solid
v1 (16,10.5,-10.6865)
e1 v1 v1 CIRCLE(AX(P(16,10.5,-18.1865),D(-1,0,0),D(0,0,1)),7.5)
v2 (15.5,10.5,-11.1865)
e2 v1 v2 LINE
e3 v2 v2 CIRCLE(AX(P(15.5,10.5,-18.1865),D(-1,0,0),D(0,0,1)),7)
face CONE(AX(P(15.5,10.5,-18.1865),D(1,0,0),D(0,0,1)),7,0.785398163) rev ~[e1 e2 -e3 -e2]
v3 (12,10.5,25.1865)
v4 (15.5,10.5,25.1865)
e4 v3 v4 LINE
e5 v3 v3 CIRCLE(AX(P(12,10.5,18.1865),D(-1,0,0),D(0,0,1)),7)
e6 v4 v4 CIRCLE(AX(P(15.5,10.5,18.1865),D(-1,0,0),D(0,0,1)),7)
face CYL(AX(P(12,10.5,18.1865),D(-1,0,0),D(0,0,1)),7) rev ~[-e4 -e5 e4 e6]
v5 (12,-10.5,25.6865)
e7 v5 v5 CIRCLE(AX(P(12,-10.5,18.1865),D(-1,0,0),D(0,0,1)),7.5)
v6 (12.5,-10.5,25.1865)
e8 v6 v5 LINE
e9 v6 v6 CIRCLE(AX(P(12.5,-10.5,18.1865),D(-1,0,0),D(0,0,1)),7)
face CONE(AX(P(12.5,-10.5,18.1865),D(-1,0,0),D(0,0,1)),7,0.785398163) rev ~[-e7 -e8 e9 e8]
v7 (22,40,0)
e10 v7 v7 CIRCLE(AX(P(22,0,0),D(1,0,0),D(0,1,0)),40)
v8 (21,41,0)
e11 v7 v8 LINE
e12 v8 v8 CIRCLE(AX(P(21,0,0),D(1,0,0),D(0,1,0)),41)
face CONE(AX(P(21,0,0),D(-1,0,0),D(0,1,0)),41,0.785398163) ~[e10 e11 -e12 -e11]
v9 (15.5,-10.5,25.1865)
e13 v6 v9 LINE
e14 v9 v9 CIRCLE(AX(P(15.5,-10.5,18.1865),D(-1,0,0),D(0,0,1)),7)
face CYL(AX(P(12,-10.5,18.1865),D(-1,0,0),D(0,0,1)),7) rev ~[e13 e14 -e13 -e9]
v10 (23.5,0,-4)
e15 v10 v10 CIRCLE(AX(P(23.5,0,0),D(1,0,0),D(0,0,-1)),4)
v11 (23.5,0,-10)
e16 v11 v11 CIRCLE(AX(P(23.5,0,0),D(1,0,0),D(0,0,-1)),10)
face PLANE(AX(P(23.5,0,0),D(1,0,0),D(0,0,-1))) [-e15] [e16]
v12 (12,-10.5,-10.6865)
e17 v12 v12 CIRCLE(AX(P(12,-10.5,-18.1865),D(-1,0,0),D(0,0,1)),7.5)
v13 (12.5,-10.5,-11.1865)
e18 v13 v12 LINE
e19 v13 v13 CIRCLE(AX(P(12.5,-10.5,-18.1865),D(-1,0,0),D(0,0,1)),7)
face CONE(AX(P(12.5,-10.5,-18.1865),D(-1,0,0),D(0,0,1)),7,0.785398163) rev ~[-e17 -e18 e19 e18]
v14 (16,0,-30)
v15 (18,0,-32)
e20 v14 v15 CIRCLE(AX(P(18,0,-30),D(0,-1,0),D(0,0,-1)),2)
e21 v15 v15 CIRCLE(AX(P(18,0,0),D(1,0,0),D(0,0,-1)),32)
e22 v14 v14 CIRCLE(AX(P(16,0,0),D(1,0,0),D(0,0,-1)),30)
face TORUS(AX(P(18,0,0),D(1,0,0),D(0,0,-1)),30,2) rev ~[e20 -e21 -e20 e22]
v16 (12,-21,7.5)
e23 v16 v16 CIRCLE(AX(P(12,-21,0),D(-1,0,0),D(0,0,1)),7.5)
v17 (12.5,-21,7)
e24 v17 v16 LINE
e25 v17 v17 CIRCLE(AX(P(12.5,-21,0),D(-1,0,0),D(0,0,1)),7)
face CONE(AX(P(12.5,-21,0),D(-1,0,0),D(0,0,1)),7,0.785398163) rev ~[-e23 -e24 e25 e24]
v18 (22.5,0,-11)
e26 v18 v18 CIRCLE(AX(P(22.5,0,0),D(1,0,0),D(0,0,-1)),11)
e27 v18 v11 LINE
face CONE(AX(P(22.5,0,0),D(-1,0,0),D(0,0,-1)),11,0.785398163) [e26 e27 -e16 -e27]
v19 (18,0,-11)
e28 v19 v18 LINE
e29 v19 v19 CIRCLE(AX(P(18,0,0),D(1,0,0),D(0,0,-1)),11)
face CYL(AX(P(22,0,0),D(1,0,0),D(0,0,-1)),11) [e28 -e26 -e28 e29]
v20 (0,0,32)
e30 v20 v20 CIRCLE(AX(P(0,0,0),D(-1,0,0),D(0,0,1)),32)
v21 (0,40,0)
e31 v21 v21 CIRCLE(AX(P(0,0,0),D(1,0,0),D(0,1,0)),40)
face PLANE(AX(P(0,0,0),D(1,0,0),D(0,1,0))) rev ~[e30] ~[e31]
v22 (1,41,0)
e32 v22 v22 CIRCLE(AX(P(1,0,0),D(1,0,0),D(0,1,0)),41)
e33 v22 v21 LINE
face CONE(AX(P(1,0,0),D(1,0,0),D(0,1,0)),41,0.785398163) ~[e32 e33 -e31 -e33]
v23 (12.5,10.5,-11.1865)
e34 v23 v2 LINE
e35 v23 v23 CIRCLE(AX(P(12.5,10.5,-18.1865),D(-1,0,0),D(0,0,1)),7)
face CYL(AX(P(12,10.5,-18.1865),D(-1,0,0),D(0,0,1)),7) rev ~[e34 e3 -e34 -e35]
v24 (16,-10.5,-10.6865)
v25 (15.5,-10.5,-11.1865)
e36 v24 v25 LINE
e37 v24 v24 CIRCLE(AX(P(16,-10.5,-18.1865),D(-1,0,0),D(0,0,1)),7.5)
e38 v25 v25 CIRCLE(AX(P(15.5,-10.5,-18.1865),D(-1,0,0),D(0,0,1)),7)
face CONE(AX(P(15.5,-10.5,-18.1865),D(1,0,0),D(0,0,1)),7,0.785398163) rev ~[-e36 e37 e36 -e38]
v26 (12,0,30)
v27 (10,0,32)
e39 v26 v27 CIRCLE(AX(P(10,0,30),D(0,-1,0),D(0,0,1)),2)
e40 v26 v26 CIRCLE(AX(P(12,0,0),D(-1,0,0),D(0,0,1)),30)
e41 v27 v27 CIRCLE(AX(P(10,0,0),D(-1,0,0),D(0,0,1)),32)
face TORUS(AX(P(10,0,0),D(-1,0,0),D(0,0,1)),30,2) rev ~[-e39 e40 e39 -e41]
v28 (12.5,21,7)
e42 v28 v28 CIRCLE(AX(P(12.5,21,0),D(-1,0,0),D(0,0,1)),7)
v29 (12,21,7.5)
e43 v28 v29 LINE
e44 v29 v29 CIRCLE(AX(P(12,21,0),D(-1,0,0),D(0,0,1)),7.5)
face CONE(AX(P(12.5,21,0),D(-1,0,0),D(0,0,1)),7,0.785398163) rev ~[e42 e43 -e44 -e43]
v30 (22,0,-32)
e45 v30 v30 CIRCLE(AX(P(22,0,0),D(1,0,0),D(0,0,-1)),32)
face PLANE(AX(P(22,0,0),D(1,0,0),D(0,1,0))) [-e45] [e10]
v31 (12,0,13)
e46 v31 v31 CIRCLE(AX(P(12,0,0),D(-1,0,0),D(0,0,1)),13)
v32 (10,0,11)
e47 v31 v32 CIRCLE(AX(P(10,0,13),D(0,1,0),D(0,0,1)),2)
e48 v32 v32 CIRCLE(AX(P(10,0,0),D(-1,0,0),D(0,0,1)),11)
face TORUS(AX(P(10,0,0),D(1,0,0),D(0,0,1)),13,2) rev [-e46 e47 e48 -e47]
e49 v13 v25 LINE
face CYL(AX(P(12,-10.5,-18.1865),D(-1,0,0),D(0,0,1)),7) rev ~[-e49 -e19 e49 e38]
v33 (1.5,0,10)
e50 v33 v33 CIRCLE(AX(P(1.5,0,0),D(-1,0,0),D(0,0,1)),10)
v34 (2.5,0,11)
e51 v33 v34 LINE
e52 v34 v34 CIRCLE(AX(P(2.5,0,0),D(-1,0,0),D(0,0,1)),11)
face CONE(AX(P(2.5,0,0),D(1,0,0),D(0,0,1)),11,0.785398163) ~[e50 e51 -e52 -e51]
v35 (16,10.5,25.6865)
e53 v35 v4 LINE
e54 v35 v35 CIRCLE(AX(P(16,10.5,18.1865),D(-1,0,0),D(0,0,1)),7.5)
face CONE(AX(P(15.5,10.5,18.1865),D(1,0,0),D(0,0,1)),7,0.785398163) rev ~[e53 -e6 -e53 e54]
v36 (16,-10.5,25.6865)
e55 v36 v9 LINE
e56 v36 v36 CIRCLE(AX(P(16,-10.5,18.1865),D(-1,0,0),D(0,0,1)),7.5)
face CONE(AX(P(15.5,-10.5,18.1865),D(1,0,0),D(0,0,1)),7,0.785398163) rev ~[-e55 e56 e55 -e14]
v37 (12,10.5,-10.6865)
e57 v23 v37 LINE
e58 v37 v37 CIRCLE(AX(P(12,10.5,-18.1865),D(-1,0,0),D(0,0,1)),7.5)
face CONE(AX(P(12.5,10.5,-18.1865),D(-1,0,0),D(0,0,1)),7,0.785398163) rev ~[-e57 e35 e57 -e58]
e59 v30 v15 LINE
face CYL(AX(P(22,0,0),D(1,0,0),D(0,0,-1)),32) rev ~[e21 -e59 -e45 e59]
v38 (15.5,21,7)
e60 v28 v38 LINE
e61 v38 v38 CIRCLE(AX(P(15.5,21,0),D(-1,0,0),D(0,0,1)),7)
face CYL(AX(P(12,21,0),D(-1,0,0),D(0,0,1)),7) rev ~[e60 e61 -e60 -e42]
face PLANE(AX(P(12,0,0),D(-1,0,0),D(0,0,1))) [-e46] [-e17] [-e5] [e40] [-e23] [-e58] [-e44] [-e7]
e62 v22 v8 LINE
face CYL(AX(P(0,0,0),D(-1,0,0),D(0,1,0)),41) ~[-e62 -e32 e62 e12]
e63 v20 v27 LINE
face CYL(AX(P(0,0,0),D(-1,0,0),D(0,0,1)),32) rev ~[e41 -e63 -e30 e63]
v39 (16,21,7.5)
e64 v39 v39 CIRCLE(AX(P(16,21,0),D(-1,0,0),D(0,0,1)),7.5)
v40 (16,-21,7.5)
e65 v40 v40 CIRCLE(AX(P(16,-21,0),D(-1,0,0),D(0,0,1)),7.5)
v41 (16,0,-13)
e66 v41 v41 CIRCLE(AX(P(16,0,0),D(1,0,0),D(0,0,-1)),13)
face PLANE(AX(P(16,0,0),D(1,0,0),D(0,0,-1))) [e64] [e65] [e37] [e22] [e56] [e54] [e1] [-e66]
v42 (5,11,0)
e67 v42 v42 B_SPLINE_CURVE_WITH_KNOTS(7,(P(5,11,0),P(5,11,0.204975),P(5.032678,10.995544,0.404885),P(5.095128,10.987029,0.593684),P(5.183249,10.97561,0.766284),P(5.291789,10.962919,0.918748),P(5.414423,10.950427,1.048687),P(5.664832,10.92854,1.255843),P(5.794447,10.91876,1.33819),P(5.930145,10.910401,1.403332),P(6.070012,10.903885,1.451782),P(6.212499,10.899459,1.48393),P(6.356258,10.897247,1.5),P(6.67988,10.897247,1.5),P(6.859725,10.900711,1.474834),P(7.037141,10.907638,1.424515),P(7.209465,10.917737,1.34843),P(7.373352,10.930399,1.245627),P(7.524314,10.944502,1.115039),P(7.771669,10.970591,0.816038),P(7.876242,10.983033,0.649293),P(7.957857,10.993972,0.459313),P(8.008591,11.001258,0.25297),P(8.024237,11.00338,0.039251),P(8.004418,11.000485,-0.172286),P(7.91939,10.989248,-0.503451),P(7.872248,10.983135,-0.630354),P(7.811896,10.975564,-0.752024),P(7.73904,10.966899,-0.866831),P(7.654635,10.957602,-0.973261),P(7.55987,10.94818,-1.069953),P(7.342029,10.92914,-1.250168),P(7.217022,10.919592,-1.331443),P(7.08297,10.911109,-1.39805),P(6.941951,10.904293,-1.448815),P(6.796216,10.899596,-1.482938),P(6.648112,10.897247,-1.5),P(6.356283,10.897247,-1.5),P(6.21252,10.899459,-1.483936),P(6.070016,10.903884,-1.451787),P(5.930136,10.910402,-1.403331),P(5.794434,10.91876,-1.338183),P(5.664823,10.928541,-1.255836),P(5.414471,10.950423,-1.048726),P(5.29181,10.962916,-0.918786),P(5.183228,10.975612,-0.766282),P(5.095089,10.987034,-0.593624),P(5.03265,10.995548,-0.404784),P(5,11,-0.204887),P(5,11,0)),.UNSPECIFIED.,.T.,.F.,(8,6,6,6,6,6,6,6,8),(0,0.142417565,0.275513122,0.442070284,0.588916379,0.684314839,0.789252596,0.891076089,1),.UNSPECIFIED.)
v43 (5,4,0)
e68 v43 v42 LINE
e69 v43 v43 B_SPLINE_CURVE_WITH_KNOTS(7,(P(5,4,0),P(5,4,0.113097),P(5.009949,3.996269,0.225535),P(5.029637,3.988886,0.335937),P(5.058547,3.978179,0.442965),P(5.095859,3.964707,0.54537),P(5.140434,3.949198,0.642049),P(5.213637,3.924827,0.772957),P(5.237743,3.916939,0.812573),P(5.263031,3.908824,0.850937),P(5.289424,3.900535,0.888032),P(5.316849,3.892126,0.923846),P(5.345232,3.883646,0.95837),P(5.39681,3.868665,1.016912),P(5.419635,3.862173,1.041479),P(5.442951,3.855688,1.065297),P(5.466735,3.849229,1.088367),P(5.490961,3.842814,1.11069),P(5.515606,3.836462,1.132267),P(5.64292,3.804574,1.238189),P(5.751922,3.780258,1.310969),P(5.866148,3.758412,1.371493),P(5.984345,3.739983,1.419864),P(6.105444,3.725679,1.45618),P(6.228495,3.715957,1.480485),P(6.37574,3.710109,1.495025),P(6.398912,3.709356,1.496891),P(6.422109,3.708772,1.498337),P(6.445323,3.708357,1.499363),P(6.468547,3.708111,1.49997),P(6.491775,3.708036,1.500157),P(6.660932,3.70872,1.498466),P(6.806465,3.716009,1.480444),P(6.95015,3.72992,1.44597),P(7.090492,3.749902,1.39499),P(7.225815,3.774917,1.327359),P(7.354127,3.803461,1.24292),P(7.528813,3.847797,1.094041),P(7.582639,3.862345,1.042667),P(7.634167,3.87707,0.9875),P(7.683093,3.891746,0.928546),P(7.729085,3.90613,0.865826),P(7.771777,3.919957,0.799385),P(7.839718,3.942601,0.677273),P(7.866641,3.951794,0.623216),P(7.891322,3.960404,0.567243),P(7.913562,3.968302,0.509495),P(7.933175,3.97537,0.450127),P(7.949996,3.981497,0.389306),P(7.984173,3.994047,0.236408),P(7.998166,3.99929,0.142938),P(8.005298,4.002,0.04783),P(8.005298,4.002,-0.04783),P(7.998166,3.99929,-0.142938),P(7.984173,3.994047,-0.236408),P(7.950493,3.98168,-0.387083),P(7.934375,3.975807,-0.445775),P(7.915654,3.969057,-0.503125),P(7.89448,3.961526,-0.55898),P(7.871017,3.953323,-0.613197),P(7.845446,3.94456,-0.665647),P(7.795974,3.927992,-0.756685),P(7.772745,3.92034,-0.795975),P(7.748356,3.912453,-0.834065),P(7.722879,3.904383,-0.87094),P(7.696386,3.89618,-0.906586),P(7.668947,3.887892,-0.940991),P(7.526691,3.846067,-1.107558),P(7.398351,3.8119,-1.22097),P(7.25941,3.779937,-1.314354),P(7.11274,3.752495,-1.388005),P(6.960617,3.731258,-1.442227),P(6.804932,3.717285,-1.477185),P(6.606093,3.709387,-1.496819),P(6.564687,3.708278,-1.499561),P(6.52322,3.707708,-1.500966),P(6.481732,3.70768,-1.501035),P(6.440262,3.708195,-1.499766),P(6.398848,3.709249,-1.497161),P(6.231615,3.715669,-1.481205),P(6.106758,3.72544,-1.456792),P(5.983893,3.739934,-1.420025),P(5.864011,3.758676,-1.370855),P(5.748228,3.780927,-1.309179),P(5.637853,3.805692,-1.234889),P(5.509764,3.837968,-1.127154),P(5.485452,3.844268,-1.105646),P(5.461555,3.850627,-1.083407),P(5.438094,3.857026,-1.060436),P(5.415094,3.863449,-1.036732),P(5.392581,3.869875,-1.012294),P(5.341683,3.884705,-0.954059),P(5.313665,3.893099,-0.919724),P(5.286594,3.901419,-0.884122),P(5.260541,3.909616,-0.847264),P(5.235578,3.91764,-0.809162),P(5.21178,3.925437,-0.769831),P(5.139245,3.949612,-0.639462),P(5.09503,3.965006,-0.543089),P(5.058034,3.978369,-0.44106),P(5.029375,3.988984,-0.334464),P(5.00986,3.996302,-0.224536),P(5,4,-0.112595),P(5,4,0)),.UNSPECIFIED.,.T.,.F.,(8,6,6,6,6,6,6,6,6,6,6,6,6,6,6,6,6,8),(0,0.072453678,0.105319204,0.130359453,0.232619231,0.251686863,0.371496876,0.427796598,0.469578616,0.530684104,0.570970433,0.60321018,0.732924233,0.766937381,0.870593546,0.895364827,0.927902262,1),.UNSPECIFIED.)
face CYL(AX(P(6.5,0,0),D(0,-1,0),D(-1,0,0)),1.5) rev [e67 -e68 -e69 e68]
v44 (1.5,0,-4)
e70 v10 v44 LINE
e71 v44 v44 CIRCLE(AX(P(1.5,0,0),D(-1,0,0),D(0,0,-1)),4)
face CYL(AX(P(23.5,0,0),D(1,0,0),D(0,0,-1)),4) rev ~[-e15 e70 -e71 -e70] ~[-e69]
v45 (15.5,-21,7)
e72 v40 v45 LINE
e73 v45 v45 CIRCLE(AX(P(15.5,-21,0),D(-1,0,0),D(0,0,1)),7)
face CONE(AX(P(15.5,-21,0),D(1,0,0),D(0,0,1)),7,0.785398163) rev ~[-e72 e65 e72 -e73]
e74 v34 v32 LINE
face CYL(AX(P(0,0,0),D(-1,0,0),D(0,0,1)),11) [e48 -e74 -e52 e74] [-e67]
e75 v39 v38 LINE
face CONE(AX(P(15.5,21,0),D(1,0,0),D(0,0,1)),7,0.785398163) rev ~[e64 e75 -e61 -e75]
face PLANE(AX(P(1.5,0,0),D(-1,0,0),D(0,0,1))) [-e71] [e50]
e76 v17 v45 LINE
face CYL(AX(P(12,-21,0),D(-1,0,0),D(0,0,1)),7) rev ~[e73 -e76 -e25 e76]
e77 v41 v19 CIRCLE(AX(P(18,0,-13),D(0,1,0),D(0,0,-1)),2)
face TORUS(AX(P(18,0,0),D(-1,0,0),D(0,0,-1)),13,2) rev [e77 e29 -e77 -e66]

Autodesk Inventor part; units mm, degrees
ref_plane "YZ Plane" through (0, 0, 0) normal (1, 0, 0) x (0, 1, 0)
ref_plane "XZ Plane" through (0, 0, 0) normal (0, 1, 0) x (-1, 0, 0)
ref_plane "XY Plane" through (0, 0, 0) normal (0, 0, 1) x (1, 0, 0)
sketch "Sketch1" plane through (0, 0, 0) normal (1, 0, 0) x (0, 1, 0)
  circle A0 centre (0, 0) radius 41
  dimension "d0" = 82
extrude "Extrusion1" add sketch "Sketch1" along normal blind 22
sketch "Sketch2" plane through (22, 0, 0) normal (1, 0, 0) x (0, 0, -1)
  circle A0 centre (0, 0) radius 11
  circle A1 centre (0, 0) radius 32
  dimension "d3" = 22
  dimension "d4" = 64
extrude "Extrusion2" cut sketch "Sketch2" against normal blind 6
sketch "Sketch3" plane through (22, 0, 0) normal (1, 0, 0) x (0, 0, -1)
  circle A0 centre (0, 0) radius 11
  dimension "d7" = 22
extrude "Extrusion3" add sketch "Sketch3" along normal blind 1.5
sketch "Sketch4" plane through (23.5, 0, 0) normal (1, 0, 0) x (0, 0, -1)
  circle A0 centre (0, 0) radius 4
  dimension "d10" = 8
extrude "Extrusion4" cut sketch "Sketch4" against normal blind 23.5
sketch "Sketch5" plane through (0, 0, 0) normal (-1, 0, 0) x (0, 0, 1)
  circle A0 centre (0, 0) radius 11
  circle A1 centre (0, 0) radius 4
  dimension "d13" = 22
  dimension "d14" = 8
extrude "Extrusion5" cut sketch "Sketch5" against normal blind 1.5
sketch "Sketch6" plane through (0, 0, 0) normal (-1, 0, 0) x (0, 0, 1)
  circle A0 centre (0, 0) radius 11
  circle A1 centre (0, 0) radius 32
  dimension "d17" = 64
  dimension "d18" = 22
extrude "Extrusion6" cut sketch "Sketch6" against normal blind 12
chamfer "Chamfer1" distance 1 angle 45 4 edges at (22, -41, 0) (0, -41, 0) (23.5, 0, 11) (1.5, 0, -11)
sketch "Sketch7" plane through (12, 0, 0) normal (-1, 0, 0) x (0, 0, 1)
  circle A0 centre (0, 0) radius 21 construction
  circle A1 centre (0, 21) radius 7
  circle A2 centre (-18.1865, 10.5) radius 7
  circle A3 centre (-18.1865, -10.5) radius 7
  circle A4 centre (0, -21) radius 7
  circle A5 centre (18.1865, -10.5) radius 7
  circle A6 centre (18.1865, 10.5) radius 7
  dimension "d24" = 42
  dimension "d25" = 14
  dimension "d28" = 360
  dimension "d30" = 10.5
extrude "Extrusion7" cut sketch "Sketch7" against normal up to next
chamfer "Chamfer2" distance 0.5 angle 45 7 edges at (16, 21, -7) (12, 21, -7) (16, 10.5, -25.1865) (12, 10.5, -25.1865) (16, -10.5, -25.1865) (12, -10.5, -25.1865) (16, 10.5, 11.1865)
chamfer "Chamfer3" distance 0.5 angle 45 4 edges at (16, -10.5, 11.1865) (12, -10.5, 11.1865) (16, -21, -7) (12, -21, -7)
fillet "Fillet1" radius 2 4 edges at (12, 0, -11) (12, 0, -32) (16, 0, 32) (16, 0, 11)
sketch "Sketch8" plane through (0, 0, 0) normal (0, 1, 0) x (-1, 0, 0)
  line L0 (0, 0) -> (-2.5, 0) construction
  line L1 (-2.5, -11) -> (-2.5, 11) projected
  line L2 (-2.5, 0) -> (-6.5, 0) construction
  circle A0 centre (-6.5, 0) radius 1.5
  dimension "d40" = 4
  dimension "d41" = 3
extrude "Extrusion8" cut sketch "Sketch8" along normal blind 12
thread "Thread1" size "M3x0.5" class "6H" standard "ANSI Metric M Profile" full length
properties part number "flywheel" material "Iron, Cast"
